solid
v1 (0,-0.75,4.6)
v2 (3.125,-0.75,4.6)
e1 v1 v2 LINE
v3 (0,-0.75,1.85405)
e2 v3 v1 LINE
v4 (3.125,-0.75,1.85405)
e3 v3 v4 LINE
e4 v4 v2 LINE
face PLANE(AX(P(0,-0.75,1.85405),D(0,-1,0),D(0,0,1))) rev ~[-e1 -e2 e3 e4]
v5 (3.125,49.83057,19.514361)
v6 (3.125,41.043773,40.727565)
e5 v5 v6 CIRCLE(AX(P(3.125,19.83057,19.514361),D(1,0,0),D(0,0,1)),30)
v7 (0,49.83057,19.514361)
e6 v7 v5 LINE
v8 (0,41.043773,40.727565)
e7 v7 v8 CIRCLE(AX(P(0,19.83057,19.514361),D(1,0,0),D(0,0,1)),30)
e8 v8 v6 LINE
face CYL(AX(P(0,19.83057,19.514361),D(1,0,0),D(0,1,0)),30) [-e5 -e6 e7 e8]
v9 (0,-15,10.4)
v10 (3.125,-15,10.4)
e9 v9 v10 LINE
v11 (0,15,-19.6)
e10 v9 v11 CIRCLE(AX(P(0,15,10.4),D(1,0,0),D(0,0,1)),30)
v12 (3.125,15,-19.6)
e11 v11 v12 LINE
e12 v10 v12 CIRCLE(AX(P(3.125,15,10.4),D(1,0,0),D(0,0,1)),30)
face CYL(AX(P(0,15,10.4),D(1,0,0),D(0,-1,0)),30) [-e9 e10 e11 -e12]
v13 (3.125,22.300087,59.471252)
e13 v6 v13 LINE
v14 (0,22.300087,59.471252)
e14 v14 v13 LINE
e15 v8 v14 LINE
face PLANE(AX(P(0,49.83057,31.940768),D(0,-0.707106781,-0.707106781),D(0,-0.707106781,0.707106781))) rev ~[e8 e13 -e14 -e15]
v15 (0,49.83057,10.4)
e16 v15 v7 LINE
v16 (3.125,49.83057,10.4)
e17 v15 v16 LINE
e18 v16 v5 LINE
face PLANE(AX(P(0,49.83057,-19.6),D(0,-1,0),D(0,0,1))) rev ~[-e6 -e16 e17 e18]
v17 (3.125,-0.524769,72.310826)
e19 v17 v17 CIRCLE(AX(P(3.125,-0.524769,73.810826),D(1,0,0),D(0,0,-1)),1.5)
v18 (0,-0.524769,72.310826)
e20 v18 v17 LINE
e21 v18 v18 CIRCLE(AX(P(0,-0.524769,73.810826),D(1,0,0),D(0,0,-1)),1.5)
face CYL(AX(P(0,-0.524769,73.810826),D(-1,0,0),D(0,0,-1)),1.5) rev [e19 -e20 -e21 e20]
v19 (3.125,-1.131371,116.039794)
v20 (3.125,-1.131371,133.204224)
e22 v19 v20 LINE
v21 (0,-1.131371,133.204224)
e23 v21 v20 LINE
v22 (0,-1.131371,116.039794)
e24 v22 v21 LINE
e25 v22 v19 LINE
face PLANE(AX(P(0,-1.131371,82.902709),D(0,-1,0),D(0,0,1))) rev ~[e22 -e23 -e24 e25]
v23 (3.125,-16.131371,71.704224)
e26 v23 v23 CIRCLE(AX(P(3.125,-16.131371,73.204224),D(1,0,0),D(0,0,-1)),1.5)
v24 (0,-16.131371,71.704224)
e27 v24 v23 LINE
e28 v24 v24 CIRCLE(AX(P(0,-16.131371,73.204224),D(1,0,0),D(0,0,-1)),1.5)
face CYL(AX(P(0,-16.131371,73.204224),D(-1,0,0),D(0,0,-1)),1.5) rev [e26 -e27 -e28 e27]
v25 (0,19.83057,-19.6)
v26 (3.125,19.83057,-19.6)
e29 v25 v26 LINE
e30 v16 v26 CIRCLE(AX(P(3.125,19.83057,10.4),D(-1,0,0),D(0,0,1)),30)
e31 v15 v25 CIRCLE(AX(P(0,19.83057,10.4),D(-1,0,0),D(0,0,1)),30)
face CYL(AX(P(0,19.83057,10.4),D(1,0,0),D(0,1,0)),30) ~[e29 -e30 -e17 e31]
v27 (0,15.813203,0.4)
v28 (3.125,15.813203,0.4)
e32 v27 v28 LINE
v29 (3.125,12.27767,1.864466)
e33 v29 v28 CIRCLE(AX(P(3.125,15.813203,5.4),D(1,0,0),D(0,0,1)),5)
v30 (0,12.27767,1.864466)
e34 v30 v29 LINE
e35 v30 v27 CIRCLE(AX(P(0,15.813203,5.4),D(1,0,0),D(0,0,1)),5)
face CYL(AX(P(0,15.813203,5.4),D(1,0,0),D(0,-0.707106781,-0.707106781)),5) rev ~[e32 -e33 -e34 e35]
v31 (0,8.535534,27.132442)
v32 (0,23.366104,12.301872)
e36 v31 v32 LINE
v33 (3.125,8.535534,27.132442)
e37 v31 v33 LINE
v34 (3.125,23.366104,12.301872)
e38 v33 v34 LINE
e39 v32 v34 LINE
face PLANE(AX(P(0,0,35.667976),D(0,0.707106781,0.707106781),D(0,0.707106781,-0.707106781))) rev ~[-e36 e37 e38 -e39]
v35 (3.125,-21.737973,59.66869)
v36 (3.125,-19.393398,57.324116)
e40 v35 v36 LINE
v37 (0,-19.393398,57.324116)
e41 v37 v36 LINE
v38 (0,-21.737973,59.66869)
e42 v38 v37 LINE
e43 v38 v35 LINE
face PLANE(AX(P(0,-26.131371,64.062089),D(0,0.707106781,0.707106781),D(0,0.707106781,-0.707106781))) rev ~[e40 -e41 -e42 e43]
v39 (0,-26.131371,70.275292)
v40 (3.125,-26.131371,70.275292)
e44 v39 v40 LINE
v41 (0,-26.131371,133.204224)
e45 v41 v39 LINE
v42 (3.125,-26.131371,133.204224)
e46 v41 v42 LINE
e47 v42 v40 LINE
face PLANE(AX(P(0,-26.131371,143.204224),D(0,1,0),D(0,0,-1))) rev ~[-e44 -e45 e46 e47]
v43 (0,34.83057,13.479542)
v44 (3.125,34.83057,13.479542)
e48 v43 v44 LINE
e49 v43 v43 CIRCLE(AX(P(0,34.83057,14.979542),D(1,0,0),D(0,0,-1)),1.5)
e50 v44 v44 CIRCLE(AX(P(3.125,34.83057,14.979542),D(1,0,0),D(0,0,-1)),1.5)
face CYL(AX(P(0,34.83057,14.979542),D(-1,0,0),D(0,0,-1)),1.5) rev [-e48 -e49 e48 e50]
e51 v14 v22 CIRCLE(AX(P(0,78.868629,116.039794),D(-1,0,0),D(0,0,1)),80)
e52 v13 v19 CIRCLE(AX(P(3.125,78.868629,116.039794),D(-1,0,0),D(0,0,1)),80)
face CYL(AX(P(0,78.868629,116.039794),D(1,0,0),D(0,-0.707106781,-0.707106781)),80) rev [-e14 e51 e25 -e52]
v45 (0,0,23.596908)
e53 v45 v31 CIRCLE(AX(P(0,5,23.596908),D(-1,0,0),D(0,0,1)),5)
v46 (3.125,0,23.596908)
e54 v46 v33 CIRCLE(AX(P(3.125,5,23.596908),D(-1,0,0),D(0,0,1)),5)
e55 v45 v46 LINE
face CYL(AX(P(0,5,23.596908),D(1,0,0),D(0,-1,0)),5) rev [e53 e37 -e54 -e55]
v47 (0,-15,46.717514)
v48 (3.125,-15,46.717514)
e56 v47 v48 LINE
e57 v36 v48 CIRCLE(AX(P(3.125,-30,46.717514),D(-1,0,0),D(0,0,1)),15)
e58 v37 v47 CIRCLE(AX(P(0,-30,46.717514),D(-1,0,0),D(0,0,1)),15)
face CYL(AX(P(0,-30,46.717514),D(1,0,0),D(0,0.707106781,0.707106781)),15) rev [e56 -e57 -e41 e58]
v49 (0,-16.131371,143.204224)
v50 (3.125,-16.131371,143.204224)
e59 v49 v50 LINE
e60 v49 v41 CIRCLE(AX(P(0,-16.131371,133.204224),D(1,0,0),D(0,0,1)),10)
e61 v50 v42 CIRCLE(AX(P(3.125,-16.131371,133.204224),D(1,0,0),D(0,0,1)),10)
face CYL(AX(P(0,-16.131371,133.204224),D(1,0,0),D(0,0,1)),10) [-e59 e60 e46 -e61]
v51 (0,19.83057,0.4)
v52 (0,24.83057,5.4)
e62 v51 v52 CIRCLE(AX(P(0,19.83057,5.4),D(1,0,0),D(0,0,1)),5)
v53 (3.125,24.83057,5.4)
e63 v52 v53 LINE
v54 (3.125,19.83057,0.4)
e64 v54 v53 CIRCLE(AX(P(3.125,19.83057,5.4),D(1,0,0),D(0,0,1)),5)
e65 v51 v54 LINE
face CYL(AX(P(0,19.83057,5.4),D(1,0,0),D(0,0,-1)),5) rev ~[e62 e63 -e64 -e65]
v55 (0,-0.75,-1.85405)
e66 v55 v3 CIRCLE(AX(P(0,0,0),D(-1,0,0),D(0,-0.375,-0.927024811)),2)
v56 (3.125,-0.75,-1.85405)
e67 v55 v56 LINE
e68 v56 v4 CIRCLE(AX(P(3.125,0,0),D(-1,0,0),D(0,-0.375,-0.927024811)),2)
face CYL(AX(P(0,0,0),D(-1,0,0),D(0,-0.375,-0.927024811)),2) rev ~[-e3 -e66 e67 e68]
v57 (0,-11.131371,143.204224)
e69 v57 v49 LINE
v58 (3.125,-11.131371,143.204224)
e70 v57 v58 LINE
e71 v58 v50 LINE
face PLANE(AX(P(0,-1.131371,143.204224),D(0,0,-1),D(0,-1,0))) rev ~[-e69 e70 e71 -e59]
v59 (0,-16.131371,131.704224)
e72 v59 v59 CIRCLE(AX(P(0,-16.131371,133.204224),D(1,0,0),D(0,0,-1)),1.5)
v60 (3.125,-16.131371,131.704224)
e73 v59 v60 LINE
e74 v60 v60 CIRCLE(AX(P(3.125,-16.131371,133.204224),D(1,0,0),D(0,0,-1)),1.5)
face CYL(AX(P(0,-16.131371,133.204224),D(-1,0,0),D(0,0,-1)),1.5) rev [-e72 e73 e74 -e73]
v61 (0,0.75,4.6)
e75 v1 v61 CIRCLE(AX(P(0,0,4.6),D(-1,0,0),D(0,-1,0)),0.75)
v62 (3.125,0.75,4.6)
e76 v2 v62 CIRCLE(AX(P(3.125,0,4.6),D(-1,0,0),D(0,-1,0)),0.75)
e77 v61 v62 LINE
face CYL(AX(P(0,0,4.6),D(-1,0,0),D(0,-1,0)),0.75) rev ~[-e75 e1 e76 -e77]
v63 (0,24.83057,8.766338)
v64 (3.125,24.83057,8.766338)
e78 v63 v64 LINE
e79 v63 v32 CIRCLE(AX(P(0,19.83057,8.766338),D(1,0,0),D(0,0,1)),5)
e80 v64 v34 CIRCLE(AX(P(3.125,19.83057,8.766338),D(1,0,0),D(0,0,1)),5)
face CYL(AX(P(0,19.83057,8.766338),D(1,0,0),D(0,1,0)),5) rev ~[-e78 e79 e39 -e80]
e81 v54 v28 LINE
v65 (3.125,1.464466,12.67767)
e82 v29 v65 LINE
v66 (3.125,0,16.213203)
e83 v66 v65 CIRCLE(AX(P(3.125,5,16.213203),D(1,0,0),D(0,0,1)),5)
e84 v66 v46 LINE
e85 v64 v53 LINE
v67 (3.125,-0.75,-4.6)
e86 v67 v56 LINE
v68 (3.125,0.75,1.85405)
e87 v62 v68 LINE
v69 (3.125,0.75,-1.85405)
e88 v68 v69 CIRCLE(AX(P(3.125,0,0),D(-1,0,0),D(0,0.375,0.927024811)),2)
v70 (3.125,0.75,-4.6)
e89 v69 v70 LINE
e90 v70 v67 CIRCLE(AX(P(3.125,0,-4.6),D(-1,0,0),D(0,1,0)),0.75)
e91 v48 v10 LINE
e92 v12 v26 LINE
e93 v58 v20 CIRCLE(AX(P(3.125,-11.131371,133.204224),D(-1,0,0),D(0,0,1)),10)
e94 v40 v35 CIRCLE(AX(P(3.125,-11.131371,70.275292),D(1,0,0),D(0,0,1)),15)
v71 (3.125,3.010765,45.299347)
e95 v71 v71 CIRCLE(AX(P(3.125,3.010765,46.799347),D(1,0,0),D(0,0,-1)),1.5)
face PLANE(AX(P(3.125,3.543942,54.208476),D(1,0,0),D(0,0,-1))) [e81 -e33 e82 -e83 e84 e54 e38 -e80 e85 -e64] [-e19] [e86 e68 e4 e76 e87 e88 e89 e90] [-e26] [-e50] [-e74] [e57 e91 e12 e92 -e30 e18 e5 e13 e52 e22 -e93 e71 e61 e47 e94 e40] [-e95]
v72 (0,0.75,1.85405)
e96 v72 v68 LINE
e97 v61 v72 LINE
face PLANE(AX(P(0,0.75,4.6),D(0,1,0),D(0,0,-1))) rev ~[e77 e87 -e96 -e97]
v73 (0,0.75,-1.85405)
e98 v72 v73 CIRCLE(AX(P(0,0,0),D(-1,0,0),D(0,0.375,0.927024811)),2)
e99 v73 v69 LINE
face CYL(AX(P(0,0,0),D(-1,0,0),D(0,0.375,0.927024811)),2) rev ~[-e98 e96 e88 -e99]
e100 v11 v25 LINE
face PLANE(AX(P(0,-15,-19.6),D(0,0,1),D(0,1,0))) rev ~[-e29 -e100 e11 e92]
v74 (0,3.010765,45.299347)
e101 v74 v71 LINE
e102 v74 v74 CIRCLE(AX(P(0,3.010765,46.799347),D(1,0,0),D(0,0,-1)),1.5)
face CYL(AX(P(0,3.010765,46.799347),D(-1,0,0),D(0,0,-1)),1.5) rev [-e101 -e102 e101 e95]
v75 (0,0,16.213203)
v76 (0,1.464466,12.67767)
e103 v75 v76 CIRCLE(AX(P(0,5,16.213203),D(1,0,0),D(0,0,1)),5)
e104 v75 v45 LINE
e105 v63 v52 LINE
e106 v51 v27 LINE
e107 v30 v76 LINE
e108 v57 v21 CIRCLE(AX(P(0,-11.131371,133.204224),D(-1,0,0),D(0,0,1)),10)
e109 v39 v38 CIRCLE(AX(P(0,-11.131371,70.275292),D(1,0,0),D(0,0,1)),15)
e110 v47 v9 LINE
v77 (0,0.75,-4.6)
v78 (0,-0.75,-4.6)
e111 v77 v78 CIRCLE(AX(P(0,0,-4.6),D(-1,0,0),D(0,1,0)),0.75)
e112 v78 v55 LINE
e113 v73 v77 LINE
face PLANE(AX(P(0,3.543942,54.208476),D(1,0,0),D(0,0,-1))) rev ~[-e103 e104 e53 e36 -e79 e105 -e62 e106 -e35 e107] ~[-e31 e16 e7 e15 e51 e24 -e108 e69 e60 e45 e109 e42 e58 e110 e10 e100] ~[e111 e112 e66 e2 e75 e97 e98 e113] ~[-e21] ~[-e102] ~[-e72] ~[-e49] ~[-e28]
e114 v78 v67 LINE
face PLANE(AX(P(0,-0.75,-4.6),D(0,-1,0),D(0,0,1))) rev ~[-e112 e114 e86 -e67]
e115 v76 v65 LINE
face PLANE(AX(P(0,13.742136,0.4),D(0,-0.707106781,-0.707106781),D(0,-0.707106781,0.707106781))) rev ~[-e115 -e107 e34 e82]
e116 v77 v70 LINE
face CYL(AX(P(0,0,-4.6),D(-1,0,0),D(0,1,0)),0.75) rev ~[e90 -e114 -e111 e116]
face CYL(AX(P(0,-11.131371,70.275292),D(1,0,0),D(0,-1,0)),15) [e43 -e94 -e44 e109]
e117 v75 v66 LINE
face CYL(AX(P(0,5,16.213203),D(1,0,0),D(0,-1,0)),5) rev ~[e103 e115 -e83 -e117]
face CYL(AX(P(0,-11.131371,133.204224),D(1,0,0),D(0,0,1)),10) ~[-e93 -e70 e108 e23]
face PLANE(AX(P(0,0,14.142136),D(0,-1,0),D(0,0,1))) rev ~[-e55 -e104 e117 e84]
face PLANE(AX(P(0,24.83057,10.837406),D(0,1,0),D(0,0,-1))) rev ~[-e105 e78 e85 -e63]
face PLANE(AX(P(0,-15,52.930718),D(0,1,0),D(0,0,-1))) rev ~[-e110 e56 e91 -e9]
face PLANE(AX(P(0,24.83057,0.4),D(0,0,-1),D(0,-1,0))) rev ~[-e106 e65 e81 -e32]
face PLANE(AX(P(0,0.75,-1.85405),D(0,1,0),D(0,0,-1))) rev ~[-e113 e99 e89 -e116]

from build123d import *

# Parameters (mm, degrees)
SKETCH1_R           = 1.5
BOSS_EXTRUDE1_DEPTH = 3.125
FILLET1_R           = 10
FILLET2_R           = 15
FILLET3_R           = 30
FILLET4_R           = 30
FILLET5_R           = 80
FILLET6_R           = 30
FILLET7_R           = 5


with BuildPart() as part:
    # Sketch1 → Boss-Extrude1 (new body)
    with BuildSketch(Plane(origin=(0, 0, 0), x_dir=(0, 0, -1), z_dir=(1, 0, 0))):
        Polygon((-143.20422433, -1.13137085), (-143.20422433, -26.13137085), (-64.062088707, -26.13137085), (-52.930717857, -15), (19.6, -15), (19.6, 49.830569927), (-31.940768363, 49.830569927), (-82.90270914, -1.13137085), align=None)
        with Locations((-46.799347007, 3.010764774)):
            Circle(SKETCH1_R, mode=Mode.SUBTRACT)
        with Locations((-14.979541854, 34.830569927)):
            Circle(SKETCH1_R, mode=Mode.SUBTRACT)
        with Locations((-73.810826048, -0.524769132)):
            Circle(SKETCH1_R, mode=Mode.SUBTRACT)
        with Locations((-73.20422433, -16.13137085)):
            Circle(SKETCH1_R, mode=Mode.SUBTRACT)
        with Locations((-133.20422433, -16.13137085)):
            Circle(SKETCH1_R, mode=Mode.SUBTRACT)
        with BuildLine():
            Line((-4.6, 0.75), (-1.854049622, 0.75))
            ThreePointArc((-1.854049622, 0.75), (0, 2), (1.854049622, 0.75))
            Line((1.854049622, 0.75), (4.6, 0.75))
            ThreePointArc((4.6, 0.75), (5.35, 0), (4.6, -0.75))
            Line((4.6, -0.75), (1.854049622, -0.75))
            ThreePointArc((1.854049622, -0.75), (0, -2), (-1.854049622, -0.75))
            Line((-1.854049622, -0.75), (-4.6, -0.75))
            ThreePointArc((-4.6, -0.75), (-5.35, 0), (-4.6, 0.75))
        make_face(mode=Mode.SUBTRACT)
        Polygon((-35.667976157, 0), (-10.83740623, 24.830569927), (-0.4, 24.830569927), (-0.4, 13.742135624), (-14.142135624, 0), align=None, mode=Mode.SUBTRACT)
    extrude(amount=BOSS_EXTRUDE1_DEPTH)

    # Fillet1
    fillet1_edges = [part.edges().sort_by_distance(p)[0] for p in [
        (1.5625, -26.13137085, 143.20422433),
        (1.5625, -1.13137085, 143.20422433),
    ]]
    fillet(fillet1_edges, radius=FILLET1_R)

    # Fillet2
    fillet2_edges = [part.edges().sort_by_distance(p)[0] for p in [
        (1.5625, -15, 52.930717857),
        (1.5625, -26.13137085, 64.062088707),
    ]]
    fillet(fillet2_edges, radius=FILLET2_R)

    # Fillet3
    fillet3_edges = [part.edges().sort_by_distance(p)[0] for p in [
        (1.5625, -15, -19.6),
    ]]
    fillet(fillet3_edges, radius=FILLET3_R)

    # Fillet4
    fillet4_edges = [part.edges().sort_by_distance(p)[0] for p in [
        (1.5625, 49.830569927, 31.940768363),
    ]]
    fillet(fillet4_edges, radius=FILLET4_R)

    # Fillet5
    fillet5_edges = [part.edges().sort_by_distance(p)[0] for p in [
        (1.5625, -1.13137085, 82.90270914),
    ]]
    fillet(fillet5_edges, radius=FILLET5_R)

    # Fillet6
    fillet6_edges = [part.edges().sort_by_distance(p)[0] for p in [
        (1.5625, 49.830569927, -19.6),
    ]]
    fillet(fillet6_edges, radius=FILLET6_R)

    # Fillet7
    fillet7_edges = [part.edges().sort_by_distance(p)[0] for p in [
        (1.5625, 13.742135624, 0.4),
        (1.5625, 24.830569927, 0.4),
        (1.5625, 24.830569927, 10.83740623),
        (1.5625, 0, 35.667976157),
        (1.5625, 0, 14.142135624),
    ]]
    fillet(fillet7_edges, radius=FILLET7_R)


solid = part.part
